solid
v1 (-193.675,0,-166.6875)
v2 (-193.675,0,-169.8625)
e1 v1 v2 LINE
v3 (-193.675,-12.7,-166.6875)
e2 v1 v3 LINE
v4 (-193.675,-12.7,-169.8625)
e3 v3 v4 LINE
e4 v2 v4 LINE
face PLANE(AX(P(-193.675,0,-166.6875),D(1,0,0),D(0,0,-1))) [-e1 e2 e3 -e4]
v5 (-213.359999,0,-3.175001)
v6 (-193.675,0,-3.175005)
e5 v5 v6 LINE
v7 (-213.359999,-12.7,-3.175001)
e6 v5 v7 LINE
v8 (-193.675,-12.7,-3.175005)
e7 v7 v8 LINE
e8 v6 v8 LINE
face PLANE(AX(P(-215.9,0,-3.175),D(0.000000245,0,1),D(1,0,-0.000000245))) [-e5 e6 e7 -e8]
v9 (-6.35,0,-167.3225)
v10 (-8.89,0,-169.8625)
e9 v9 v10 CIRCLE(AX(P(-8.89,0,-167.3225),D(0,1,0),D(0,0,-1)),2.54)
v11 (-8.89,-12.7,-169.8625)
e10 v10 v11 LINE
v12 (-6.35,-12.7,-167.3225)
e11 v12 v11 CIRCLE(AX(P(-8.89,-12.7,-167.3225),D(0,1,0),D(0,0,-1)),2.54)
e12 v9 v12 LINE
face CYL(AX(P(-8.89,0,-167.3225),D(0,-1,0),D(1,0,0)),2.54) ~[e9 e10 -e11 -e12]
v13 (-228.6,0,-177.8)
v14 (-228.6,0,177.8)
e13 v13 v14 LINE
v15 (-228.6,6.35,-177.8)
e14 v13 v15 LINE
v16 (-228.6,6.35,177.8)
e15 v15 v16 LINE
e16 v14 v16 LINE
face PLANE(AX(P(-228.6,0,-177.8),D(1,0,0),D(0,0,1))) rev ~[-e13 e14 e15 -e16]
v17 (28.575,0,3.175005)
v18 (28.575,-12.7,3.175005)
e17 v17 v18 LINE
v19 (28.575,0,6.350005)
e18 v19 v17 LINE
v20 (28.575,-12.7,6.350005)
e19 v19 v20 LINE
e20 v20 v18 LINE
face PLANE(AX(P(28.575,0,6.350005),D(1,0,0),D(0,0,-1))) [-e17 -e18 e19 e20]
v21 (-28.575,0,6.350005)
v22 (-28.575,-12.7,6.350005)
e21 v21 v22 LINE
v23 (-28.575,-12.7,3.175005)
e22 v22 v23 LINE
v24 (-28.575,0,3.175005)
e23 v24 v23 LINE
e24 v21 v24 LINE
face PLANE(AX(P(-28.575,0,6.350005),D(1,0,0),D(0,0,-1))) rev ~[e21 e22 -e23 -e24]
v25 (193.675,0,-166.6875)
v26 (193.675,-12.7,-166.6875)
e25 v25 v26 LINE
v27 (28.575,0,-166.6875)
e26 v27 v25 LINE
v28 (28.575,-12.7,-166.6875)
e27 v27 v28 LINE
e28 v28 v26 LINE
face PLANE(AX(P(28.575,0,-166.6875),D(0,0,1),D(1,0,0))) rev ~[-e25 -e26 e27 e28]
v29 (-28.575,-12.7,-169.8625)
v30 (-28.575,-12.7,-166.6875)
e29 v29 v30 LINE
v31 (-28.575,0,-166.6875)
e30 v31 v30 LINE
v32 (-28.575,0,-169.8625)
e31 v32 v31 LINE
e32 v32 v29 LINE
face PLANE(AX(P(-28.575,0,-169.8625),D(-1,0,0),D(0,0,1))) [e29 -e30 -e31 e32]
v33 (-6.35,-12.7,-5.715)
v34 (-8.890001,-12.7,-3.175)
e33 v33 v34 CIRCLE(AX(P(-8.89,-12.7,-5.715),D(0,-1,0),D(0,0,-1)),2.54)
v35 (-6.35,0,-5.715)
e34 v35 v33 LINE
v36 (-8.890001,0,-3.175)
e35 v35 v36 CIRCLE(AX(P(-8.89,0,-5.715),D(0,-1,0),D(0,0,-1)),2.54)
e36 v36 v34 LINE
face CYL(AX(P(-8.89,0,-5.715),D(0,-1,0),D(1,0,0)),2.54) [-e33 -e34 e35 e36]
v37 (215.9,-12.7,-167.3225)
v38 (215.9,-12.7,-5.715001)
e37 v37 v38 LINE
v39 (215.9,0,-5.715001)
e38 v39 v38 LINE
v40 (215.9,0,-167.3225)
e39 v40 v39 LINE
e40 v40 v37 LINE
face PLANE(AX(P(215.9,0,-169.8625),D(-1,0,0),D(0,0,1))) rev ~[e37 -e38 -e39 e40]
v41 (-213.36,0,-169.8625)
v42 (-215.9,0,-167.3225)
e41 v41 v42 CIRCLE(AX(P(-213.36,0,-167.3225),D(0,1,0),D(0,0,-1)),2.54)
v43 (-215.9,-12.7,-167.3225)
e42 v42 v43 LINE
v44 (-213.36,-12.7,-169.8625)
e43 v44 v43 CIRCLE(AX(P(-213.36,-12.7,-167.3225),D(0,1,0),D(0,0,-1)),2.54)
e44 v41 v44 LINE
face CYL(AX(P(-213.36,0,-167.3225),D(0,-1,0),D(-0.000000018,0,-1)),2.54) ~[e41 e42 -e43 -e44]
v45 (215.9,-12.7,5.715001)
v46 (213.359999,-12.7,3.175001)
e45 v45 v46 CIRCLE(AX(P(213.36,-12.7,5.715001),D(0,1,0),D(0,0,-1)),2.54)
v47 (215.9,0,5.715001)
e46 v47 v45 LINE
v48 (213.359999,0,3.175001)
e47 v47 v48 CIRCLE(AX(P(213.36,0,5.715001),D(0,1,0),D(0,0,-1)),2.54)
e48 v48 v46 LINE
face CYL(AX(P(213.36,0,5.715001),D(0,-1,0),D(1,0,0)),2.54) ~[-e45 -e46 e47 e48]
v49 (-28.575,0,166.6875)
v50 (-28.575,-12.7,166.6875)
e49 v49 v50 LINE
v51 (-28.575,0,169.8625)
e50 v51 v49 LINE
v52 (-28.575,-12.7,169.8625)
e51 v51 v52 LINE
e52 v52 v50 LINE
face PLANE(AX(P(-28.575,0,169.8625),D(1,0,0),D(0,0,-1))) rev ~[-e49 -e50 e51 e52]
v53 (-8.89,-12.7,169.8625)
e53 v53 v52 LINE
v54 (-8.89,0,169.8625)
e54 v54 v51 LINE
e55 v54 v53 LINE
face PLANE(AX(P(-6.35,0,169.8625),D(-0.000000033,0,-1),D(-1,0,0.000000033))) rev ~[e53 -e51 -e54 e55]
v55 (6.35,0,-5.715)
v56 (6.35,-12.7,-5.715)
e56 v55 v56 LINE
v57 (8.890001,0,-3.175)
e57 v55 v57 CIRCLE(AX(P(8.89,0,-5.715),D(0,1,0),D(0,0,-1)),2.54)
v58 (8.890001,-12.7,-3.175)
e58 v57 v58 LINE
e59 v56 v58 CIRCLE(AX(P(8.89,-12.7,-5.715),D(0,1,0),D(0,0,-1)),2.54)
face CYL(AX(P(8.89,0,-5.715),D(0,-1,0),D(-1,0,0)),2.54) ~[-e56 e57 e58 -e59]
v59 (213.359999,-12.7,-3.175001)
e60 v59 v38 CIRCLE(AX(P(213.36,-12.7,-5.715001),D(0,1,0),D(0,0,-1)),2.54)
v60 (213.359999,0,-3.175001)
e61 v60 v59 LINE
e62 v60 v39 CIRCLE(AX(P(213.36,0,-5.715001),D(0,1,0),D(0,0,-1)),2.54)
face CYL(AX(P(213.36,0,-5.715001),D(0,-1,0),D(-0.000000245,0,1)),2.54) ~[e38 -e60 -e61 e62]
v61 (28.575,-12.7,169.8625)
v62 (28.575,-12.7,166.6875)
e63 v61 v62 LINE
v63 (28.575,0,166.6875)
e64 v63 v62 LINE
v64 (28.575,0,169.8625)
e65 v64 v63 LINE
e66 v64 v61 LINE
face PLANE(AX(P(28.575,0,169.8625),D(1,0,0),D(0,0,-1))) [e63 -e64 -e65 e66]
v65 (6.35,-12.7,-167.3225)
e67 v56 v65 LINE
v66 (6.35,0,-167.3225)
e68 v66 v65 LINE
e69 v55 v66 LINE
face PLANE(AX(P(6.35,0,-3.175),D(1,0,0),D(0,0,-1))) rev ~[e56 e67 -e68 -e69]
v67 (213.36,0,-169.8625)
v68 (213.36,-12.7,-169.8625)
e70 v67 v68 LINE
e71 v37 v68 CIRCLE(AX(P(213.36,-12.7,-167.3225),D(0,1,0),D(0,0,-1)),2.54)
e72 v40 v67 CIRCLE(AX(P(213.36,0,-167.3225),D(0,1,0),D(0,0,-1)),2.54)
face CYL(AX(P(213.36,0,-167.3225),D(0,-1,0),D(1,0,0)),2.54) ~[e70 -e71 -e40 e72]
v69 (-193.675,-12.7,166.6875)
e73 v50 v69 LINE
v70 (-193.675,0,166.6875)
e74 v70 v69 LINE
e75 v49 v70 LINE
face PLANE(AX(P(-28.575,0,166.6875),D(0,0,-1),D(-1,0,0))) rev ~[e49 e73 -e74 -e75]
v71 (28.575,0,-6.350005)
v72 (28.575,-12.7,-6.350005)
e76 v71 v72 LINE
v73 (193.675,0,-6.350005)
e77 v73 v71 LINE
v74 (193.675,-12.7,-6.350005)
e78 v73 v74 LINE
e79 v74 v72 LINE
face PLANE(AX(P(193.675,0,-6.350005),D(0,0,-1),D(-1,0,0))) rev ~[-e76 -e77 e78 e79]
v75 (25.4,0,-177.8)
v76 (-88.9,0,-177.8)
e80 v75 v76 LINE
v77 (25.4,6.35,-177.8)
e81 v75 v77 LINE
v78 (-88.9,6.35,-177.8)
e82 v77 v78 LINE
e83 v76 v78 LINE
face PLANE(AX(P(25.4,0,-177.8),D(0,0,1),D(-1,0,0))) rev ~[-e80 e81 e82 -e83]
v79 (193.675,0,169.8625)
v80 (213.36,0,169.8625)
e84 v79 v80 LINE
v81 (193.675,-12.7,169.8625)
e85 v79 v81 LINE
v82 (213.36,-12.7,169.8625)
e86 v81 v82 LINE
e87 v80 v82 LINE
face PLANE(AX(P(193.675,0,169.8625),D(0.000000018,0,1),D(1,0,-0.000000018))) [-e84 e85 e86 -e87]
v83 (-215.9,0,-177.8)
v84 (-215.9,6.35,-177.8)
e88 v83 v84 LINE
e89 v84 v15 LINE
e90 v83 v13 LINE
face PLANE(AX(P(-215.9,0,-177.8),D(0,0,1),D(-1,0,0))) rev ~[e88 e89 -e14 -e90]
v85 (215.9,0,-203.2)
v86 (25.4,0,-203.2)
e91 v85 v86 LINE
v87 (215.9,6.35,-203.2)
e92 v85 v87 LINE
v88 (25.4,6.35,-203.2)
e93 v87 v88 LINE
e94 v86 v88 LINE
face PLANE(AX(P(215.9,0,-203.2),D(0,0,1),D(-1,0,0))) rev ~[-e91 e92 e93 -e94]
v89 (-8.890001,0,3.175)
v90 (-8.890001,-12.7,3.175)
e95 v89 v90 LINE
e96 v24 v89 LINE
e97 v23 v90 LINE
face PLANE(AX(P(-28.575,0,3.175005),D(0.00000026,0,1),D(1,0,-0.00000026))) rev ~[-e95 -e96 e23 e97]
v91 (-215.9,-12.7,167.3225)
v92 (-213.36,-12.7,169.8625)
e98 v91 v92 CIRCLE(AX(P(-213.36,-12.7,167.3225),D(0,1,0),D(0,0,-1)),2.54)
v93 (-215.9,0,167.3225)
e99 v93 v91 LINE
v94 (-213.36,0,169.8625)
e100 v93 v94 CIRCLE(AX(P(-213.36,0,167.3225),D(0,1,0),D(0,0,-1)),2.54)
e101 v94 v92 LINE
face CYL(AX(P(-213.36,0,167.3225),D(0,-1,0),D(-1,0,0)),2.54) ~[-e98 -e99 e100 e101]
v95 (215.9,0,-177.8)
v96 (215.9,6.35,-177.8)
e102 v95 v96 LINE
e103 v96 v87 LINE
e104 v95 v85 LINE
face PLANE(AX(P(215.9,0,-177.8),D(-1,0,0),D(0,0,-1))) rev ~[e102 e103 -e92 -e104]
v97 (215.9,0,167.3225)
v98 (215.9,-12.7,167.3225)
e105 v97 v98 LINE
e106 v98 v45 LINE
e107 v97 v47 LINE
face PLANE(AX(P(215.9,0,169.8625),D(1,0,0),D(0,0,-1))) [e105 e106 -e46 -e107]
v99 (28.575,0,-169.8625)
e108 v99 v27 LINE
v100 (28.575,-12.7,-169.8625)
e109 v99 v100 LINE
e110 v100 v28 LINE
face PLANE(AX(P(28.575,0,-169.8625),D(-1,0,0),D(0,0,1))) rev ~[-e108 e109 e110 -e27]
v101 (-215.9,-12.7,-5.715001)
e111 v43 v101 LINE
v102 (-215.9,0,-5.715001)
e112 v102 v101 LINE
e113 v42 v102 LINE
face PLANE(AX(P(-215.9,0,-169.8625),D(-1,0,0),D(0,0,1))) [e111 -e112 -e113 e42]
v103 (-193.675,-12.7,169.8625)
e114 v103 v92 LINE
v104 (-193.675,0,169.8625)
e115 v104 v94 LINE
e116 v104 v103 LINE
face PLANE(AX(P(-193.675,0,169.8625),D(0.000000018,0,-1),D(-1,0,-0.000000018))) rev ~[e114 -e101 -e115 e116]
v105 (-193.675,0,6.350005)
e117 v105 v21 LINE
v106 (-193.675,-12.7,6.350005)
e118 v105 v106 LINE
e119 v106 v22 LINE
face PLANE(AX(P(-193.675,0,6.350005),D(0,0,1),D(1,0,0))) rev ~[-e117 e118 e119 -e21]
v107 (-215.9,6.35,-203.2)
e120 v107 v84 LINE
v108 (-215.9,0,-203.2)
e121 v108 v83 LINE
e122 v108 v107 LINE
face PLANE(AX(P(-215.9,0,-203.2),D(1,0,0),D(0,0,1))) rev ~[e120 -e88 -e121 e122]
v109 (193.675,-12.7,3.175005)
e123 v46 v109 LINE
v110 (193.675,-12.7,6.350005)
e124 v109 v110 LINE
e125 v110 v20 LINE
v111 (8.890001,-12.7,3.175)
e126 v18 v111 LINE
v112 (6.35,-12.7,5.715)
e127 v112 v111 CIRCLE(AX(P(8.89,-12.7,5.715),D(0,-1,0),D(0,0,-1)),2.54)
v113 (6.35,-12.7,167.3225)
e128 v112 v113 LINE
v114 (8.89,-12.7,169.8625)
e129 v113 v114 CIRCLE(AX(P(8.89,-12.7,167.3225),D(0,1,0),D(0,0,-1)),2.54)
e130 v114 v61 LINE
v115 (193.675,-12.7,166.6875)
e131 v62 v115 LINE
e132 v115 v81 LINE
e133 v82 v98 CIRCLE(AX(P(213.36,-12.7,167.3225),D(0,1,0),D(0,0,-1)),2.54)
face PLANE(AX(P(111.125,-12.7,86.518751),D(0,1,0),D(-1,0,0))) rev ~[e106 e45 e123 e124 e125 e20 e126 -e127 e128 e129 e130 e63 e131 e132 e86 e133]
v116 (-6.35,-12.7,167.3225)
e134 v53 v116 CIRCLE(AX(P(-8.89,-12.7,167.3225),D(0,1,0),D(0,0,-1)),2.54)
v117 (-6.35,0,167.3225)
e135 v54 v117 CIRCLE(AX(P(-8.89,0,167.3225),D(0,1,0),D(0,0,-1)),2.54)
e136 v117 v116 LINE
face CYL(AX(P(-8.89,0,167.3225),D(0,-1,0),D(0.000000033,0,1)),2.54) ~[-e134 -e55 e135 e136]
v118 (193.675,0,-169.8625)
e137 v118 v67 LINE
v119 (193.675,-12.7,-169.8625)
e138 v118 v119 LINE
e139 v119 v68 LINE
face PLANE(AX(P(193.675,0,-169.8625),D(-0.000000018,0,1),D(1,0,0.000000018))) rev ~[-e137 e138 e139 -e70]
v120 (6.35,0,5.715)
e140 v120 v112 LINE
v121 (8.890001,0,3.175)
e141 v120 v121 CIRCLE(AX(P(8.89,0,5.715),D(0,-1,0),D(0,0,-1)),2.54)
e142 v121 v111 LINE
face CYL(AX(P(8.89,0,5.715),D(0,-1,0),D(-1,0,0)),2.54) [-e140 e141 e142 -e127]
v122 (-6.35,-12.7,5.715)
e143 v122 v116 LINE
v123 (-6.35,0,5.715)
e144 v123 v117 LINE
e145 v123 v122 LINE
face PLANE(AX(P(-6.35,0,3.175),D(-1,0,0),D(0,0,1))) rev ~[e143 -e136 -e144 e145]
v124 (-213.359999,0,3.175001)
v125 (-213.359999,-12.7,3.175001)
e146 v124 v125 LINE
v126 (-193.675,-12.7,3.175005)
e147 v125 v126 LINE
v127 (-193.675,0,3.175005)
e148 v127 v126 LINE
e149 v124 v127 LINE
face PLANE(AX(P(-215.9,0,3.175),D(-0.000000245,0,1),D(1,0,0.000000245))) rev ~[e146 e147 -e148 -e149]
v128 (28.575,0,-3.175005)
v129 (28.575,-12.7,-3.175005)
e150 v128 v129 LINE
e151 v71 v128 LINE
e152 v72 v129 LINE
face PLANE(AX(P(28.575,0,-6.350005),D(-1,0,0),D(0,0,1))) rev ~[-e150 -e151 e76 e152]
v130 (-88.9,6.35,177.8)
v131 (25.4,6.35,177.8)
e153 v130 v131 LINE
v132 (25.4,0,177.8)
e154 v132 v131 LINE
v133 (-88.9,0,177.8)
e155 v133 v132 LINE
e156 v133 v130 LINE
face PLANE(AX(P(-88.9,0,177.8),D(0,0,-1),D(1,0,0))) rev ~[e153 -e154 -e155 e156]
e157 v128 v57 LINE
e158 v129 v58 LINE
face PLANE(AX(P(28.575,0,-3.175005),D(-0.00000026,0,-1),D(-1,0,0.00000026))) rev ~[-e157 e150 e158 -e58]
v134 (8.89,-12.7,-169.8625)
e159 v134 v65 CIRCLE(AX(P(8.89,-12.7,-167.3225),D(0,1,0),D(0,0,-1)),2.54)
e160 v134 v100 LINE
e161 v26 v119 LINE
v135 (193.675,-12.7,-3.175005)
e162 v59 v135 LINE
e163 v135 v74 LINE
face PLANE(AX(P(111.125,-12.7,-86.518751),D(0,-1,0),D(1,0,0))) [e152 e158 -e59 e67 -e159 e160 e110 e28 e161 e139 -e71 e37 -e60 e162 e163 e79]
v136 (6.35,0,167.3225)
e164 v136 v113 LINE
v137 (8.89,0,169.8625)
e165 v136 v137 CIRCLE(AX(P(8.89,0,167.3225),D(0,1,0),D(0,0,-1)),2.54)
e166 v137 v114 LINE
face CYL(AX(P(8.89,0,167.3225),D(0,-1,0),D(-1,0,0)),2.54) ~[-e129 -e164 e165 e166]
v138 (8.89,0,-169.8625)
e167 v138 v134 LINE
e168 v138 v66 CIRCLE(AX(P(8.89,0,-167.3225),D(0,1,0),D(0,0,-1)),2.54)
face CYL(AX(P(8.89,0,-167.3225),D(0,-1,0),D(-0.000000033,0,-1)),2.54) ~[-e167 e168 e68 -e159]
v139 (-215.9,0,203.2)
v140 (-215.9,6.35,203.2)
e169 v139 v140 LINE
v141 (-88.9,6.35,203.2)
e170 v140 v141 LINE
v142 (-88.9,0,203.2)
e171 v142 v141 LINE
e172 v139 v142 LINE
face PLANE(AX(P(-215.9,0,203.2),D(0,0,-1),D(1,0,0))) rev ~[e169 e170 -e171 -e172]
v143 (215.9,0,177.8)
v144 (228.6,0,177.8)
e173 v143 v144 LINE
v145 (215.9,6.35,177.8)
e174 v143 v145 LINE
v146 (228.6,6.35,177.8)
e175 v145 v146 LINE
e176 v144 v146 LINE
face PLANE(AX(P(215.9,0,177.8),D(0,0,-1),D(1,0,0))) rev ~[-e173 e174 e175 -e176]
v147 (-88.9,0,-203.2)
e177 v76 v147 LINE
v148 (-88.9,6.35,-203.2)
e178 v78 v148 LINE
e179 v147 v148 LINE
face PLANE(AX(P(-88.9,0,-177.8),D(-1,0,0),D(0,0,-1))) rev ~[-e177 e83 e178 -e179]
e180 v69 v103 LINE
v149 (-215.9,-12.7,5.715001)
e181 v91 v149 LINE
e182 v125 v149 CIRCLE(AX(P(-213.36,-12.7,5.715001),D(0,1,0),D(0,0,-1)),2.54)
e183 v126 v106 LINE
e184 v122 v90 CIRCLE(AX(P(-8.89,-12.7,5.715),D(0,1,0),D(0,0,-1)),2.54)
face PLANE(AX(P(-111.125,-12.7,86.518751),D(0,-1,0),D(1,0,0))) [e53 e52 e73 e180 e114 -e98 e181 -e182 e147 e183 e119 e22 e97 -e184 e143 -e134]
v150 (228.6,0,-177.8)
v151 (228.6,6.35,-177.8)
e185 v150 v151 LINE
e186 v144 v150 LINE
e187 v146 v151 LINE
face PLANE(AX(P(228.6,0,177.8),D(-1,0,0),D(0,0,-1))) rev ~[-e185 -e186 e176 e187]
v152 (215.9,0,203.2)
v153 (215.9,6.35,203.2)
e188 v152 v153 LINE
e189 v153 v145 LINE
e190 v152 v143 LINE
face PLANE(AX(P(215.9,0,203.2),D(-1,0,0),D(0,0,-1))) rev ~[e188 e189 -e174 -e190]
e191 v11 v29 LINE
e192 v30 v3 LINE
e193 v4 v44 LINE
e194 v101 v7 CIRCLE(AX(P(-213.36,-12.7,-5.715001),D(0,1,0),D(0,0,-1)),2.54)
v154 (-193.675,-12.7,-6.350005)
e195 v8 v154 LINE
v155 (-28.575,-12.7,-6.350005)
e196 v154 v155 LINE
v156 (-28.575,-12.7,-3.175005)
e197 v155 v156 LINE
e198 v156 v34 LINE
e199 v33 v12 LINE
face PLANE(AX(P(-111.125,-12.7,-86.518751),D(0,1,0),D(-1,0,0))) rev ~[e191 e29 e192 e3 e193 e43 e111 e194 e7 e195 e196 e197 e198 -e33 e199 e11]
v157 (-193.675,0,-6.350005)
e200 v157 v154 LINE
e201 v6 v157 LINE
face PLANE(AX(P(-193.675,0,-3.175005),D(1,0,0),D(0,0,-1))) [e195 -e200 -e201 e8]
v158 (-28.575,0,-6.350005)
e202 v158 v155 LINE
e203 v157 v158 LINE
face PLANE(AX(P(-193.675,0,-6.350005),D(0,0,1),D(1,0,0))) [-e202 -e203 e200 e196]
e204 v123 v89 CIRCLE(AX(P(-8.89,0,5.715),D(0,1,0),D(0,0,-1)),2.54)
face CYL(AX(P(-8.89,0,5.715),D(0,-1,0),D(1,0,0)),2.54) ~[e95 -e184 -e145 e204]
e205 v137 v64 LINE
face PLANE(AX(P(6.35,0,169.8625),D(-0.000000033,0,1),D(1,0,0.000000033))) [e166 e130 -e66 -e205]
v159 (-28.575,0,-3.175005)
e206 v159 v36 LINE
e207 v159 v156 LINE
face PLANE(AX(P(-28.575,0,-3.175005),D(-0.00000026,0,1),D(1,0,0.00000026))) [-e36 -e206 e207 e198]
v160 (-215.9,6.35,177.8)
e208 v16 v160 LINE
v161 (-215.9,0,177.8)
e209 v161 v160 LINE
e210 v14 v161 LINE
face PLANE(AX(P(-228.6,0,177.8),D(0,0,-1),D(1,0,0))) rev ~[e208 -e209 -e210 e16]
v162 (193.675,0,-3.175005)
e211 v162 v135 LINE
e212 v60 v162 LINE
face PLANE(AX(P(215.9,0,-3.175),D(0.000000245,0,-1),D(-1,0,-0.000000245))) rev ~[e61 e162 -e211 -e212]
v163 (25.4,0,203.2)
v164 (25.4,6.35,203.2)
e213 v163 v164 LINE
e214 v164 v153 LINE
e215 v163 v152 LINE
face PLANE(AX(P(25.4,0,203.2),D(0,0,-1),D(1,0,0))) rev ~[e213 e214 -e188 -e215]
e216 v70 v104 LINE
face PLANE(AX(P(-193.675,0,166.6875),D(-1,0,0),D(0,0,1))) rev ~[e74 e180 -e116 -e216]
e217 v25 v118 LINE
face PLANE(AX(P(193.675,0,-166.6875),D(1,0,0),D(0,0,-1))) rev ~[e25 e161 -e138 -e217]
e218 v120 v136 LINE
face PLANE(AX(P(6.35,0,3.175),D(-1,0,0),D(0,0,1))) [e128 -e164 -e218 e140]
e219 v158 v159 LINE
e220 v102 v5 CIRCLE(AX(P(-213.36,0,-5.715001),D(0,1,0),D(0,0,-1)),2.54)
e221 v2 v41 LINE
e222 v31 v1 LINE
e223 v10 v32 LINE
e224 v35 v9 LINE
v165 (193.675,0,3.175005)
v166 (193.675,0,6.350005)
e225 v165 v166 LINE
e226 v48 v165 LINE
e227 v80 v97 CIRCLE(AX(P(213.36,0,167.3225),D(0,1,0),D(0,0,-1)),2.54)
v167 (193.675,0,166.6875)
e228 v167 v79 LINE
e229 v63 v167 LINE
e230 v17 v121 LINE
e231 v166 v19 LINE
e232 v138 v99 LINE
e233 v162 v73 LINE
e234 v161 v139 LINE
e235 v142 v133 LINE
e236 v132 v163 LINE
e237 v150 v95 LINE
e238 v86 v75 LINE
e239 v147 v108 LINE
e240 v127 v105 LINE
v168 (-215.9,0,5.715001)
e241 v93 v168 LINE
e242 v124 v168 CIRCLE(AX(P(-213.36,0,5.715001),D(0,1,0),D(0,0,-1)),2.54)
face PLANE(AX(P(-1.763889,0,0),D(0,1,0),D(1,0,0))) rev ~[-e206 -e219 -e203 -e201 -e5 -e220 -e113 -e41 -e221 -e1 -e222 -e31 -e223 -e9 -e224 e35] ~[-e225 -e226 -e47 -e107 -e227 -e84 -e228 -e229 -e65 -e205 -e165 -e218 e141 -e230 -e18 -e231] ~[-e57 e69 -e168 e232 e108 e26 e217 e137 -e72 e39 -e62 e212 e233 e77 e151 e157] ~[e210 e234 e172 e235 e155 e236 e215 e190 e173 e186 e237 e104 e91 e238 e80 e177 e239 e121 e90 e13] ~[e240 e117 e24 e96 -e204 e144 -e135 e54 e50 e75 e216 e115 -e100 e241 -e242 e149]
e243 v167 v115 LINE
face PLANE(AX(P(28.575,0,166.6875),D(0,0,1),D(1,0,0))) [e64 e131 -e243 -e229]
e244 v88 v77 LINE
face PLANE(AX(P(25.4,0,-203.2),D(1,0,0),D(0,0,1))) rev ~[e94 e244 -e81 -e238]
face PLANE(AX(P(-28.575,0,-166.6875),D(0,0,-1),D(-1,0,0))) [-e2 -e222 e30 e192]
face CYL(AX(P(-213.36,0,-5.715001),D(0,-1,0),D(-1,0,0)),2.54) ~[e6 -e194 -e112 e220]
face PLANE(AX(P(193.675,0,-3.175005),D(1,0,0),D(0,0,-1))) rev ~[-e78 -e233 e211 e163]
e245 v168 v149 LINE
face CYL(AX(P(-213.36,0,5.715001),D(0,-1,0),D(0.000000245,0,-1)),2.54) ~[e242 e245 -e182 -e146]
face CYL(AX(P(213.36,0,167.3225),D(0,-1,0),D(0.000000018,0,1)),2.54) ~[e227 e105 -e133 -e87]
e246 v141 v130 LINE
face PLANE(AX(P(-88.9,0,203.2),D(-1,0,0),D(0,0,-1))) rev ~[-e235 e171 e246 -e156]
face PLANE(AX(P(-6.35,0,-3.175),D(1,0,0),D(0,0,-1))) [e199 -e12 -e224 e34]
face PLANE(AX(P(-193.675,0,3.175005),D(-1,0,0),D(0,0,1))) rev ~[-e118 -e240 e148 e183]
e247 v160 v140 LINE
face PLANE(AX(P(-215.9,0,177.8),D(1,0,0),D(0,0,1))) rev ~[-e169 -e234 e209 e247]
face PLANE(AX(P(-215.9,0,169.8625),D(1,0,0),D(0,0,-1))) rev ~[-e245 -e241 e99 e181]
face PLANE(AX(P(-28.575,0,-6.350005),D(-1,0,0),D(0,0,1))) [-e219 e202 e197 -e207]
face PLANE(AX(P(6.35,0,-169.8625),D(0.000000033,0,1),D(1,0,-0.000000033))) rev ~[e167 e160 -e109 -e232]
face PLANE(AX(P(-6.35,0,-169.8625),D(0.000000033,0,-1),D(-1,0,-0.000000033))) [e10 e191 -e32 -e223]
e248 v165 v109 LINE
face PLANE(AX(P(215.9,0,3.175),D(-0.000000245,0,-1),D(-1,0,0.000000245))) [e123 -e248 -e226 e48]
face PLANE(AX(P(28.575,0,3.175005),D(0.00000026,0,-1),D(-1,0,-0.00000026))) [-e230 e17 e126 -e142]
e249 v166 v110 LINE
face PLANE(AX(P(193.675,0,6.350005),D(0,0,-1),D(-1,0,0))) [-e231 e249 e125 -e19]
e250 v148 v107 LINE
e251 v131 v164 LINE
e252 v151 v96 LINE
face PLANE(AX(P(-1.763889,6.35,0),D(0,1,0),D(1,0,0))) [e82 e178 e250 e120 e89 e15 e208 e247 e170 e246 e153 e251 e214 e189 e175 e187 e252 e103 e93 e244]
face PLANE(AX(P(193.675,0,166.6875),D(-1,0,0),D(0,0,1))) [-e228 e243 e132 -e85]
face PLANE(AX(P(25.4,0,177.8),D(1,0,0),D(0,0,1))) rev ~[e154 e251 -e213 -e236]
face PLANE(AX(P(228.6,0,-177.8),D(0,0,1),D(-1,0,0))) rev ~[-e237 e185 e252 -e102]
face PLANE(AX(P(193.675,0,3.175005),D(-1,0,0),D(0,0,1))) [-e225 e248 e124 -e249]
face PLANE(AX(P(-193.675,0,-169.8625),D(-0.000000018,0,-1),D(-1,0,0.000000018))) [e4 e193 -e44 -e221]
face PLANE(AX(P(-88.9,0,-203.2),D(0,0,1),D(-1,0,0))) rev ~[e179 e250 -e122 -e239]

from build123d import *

# Parameters (mm, degrees)
BOSS_EXTRUDE1_DEPTH = 6.35
BOSS_EXTRUDE2_DEPTH = 12.7
FILLET1_R           = 2.54


with BuildPart() as part:
    # Sketch1 → Boss-Extrude1 (new body)
    with BuildSketch(Plane(origin=(0, 0, 0), x_dir=(1, 0, 0), z_dir=(0, 1, 0))):
        Polygon((-228.6, 177.8), (-228.6, -177.8), (-215.9, -177.8), (-215.9, -203.2), (-88.9, -203.2), (-88.9, -177.8), (25.4, -177.8), (25.4, -203.2), (215.9, -203.2), (215.9, -177.8), (228.6, -177.8), (228.6, 177.8), (215.9, 177.8), (215.9, 203.2), (25.4, 203.2), (25.4, 177.8), (-88.9, 177.8), (-88.9, 203.2), (-215.9, 203.2), (-215.9, 177.8), align=None)
    extrude(amount=BOSS_EXTRUDE1_DEPTH)

    # Sketch2 → Boss-Extrude2 (add)
    with BuildSketch(Plane.XZ):
        Polygon((-193.675, 3.17500545), (-193.675, 6.35000545), (-28.575, 6.35000545), (-28.575, 3.17500545), (-6.35, 3.174999665), (-6.35, 169.862499665), (-28.575, 169.862500389), (-28.575, 166.687500389), (-193.675, 166.687500389), (-193.675, 169.862500389), (-215.9, 169.8625), (-215.9, 3.175), align=None)
        Polygon((-6.35, -3.174999665), (-6.35, -169.862499665), (-28.575, -169.862500389), (-28.575, -166.687500389), (-193.675, -166.687500389), (-193.675, -169.862500389), (-215.9, -169.8625), (-215.9, -3.175), (-193.675, -3.17500545), (-193.675, -6.35000545), (-28.575, -6.35000545), (-28.575, -3.17500545), align=None)
        Polygon((193.675, -3.17500545), (193.675, -6.35000545), (28.575, -6.35000545), (28.575, -3.17500545), (6.35, -3.174999665), (6.35, -169.862499665), (28.575, -169.862500389), (28.575, -166.687500389), (193.675, -166.687500389), (193.675, -169.862500389), (215.9, -169.8625), (215.9, -3.175), align=None)
        Polygon((6.35, 3.174999665), (6.35, 169.862499665), (28.575, 169.862500389), (28.575, 166.687500389), (193.675, 166.687500389), (193.675, 169.862500389), (215.9, 169.8625), (215.9, 3.175), (193.675, 3.17500545), (193.675, 6.35000545), (28.575, 6.35000545), (28.575, 3.17500545), align=None)
    extrude(amount=BOSS_EXTRUDE2_DEPTH)

    # Fillet1
    fillet1_edges = [part.edges().sort_by_distance(p)[0] for p in [
        (215.9, -6.35, -169.8625),
        (215.9, -6.35, -3.175),
        (6.35, -6.35, -3.174999665),
        (6.35, -6.35, -169.862499665),
        (-215.9, -6.35, 169.8625),
        (-215.9, -6.35, 3.175),
        (-6.35, -6.35, 3.174999665),
        (-6.35, -6.35, 169.862499665),
        (215.9, -6.35, 169.8625),
        (6.35, -6.35, 169.862499665),
        (6.35, -6.35, 3.174999665),
        (215.9, -6.35, 3.175),
        (-215.9, -6.35, -169.8625),
        (-6.35, -6.35, -169.862499665),
        (-6.35, -6.35, -3.174999665),
        (-215.9, -6.35, -3.175),
    ]]
    fillet(fillet1_edges, radius=FILLET1_R)


solid = part.part
